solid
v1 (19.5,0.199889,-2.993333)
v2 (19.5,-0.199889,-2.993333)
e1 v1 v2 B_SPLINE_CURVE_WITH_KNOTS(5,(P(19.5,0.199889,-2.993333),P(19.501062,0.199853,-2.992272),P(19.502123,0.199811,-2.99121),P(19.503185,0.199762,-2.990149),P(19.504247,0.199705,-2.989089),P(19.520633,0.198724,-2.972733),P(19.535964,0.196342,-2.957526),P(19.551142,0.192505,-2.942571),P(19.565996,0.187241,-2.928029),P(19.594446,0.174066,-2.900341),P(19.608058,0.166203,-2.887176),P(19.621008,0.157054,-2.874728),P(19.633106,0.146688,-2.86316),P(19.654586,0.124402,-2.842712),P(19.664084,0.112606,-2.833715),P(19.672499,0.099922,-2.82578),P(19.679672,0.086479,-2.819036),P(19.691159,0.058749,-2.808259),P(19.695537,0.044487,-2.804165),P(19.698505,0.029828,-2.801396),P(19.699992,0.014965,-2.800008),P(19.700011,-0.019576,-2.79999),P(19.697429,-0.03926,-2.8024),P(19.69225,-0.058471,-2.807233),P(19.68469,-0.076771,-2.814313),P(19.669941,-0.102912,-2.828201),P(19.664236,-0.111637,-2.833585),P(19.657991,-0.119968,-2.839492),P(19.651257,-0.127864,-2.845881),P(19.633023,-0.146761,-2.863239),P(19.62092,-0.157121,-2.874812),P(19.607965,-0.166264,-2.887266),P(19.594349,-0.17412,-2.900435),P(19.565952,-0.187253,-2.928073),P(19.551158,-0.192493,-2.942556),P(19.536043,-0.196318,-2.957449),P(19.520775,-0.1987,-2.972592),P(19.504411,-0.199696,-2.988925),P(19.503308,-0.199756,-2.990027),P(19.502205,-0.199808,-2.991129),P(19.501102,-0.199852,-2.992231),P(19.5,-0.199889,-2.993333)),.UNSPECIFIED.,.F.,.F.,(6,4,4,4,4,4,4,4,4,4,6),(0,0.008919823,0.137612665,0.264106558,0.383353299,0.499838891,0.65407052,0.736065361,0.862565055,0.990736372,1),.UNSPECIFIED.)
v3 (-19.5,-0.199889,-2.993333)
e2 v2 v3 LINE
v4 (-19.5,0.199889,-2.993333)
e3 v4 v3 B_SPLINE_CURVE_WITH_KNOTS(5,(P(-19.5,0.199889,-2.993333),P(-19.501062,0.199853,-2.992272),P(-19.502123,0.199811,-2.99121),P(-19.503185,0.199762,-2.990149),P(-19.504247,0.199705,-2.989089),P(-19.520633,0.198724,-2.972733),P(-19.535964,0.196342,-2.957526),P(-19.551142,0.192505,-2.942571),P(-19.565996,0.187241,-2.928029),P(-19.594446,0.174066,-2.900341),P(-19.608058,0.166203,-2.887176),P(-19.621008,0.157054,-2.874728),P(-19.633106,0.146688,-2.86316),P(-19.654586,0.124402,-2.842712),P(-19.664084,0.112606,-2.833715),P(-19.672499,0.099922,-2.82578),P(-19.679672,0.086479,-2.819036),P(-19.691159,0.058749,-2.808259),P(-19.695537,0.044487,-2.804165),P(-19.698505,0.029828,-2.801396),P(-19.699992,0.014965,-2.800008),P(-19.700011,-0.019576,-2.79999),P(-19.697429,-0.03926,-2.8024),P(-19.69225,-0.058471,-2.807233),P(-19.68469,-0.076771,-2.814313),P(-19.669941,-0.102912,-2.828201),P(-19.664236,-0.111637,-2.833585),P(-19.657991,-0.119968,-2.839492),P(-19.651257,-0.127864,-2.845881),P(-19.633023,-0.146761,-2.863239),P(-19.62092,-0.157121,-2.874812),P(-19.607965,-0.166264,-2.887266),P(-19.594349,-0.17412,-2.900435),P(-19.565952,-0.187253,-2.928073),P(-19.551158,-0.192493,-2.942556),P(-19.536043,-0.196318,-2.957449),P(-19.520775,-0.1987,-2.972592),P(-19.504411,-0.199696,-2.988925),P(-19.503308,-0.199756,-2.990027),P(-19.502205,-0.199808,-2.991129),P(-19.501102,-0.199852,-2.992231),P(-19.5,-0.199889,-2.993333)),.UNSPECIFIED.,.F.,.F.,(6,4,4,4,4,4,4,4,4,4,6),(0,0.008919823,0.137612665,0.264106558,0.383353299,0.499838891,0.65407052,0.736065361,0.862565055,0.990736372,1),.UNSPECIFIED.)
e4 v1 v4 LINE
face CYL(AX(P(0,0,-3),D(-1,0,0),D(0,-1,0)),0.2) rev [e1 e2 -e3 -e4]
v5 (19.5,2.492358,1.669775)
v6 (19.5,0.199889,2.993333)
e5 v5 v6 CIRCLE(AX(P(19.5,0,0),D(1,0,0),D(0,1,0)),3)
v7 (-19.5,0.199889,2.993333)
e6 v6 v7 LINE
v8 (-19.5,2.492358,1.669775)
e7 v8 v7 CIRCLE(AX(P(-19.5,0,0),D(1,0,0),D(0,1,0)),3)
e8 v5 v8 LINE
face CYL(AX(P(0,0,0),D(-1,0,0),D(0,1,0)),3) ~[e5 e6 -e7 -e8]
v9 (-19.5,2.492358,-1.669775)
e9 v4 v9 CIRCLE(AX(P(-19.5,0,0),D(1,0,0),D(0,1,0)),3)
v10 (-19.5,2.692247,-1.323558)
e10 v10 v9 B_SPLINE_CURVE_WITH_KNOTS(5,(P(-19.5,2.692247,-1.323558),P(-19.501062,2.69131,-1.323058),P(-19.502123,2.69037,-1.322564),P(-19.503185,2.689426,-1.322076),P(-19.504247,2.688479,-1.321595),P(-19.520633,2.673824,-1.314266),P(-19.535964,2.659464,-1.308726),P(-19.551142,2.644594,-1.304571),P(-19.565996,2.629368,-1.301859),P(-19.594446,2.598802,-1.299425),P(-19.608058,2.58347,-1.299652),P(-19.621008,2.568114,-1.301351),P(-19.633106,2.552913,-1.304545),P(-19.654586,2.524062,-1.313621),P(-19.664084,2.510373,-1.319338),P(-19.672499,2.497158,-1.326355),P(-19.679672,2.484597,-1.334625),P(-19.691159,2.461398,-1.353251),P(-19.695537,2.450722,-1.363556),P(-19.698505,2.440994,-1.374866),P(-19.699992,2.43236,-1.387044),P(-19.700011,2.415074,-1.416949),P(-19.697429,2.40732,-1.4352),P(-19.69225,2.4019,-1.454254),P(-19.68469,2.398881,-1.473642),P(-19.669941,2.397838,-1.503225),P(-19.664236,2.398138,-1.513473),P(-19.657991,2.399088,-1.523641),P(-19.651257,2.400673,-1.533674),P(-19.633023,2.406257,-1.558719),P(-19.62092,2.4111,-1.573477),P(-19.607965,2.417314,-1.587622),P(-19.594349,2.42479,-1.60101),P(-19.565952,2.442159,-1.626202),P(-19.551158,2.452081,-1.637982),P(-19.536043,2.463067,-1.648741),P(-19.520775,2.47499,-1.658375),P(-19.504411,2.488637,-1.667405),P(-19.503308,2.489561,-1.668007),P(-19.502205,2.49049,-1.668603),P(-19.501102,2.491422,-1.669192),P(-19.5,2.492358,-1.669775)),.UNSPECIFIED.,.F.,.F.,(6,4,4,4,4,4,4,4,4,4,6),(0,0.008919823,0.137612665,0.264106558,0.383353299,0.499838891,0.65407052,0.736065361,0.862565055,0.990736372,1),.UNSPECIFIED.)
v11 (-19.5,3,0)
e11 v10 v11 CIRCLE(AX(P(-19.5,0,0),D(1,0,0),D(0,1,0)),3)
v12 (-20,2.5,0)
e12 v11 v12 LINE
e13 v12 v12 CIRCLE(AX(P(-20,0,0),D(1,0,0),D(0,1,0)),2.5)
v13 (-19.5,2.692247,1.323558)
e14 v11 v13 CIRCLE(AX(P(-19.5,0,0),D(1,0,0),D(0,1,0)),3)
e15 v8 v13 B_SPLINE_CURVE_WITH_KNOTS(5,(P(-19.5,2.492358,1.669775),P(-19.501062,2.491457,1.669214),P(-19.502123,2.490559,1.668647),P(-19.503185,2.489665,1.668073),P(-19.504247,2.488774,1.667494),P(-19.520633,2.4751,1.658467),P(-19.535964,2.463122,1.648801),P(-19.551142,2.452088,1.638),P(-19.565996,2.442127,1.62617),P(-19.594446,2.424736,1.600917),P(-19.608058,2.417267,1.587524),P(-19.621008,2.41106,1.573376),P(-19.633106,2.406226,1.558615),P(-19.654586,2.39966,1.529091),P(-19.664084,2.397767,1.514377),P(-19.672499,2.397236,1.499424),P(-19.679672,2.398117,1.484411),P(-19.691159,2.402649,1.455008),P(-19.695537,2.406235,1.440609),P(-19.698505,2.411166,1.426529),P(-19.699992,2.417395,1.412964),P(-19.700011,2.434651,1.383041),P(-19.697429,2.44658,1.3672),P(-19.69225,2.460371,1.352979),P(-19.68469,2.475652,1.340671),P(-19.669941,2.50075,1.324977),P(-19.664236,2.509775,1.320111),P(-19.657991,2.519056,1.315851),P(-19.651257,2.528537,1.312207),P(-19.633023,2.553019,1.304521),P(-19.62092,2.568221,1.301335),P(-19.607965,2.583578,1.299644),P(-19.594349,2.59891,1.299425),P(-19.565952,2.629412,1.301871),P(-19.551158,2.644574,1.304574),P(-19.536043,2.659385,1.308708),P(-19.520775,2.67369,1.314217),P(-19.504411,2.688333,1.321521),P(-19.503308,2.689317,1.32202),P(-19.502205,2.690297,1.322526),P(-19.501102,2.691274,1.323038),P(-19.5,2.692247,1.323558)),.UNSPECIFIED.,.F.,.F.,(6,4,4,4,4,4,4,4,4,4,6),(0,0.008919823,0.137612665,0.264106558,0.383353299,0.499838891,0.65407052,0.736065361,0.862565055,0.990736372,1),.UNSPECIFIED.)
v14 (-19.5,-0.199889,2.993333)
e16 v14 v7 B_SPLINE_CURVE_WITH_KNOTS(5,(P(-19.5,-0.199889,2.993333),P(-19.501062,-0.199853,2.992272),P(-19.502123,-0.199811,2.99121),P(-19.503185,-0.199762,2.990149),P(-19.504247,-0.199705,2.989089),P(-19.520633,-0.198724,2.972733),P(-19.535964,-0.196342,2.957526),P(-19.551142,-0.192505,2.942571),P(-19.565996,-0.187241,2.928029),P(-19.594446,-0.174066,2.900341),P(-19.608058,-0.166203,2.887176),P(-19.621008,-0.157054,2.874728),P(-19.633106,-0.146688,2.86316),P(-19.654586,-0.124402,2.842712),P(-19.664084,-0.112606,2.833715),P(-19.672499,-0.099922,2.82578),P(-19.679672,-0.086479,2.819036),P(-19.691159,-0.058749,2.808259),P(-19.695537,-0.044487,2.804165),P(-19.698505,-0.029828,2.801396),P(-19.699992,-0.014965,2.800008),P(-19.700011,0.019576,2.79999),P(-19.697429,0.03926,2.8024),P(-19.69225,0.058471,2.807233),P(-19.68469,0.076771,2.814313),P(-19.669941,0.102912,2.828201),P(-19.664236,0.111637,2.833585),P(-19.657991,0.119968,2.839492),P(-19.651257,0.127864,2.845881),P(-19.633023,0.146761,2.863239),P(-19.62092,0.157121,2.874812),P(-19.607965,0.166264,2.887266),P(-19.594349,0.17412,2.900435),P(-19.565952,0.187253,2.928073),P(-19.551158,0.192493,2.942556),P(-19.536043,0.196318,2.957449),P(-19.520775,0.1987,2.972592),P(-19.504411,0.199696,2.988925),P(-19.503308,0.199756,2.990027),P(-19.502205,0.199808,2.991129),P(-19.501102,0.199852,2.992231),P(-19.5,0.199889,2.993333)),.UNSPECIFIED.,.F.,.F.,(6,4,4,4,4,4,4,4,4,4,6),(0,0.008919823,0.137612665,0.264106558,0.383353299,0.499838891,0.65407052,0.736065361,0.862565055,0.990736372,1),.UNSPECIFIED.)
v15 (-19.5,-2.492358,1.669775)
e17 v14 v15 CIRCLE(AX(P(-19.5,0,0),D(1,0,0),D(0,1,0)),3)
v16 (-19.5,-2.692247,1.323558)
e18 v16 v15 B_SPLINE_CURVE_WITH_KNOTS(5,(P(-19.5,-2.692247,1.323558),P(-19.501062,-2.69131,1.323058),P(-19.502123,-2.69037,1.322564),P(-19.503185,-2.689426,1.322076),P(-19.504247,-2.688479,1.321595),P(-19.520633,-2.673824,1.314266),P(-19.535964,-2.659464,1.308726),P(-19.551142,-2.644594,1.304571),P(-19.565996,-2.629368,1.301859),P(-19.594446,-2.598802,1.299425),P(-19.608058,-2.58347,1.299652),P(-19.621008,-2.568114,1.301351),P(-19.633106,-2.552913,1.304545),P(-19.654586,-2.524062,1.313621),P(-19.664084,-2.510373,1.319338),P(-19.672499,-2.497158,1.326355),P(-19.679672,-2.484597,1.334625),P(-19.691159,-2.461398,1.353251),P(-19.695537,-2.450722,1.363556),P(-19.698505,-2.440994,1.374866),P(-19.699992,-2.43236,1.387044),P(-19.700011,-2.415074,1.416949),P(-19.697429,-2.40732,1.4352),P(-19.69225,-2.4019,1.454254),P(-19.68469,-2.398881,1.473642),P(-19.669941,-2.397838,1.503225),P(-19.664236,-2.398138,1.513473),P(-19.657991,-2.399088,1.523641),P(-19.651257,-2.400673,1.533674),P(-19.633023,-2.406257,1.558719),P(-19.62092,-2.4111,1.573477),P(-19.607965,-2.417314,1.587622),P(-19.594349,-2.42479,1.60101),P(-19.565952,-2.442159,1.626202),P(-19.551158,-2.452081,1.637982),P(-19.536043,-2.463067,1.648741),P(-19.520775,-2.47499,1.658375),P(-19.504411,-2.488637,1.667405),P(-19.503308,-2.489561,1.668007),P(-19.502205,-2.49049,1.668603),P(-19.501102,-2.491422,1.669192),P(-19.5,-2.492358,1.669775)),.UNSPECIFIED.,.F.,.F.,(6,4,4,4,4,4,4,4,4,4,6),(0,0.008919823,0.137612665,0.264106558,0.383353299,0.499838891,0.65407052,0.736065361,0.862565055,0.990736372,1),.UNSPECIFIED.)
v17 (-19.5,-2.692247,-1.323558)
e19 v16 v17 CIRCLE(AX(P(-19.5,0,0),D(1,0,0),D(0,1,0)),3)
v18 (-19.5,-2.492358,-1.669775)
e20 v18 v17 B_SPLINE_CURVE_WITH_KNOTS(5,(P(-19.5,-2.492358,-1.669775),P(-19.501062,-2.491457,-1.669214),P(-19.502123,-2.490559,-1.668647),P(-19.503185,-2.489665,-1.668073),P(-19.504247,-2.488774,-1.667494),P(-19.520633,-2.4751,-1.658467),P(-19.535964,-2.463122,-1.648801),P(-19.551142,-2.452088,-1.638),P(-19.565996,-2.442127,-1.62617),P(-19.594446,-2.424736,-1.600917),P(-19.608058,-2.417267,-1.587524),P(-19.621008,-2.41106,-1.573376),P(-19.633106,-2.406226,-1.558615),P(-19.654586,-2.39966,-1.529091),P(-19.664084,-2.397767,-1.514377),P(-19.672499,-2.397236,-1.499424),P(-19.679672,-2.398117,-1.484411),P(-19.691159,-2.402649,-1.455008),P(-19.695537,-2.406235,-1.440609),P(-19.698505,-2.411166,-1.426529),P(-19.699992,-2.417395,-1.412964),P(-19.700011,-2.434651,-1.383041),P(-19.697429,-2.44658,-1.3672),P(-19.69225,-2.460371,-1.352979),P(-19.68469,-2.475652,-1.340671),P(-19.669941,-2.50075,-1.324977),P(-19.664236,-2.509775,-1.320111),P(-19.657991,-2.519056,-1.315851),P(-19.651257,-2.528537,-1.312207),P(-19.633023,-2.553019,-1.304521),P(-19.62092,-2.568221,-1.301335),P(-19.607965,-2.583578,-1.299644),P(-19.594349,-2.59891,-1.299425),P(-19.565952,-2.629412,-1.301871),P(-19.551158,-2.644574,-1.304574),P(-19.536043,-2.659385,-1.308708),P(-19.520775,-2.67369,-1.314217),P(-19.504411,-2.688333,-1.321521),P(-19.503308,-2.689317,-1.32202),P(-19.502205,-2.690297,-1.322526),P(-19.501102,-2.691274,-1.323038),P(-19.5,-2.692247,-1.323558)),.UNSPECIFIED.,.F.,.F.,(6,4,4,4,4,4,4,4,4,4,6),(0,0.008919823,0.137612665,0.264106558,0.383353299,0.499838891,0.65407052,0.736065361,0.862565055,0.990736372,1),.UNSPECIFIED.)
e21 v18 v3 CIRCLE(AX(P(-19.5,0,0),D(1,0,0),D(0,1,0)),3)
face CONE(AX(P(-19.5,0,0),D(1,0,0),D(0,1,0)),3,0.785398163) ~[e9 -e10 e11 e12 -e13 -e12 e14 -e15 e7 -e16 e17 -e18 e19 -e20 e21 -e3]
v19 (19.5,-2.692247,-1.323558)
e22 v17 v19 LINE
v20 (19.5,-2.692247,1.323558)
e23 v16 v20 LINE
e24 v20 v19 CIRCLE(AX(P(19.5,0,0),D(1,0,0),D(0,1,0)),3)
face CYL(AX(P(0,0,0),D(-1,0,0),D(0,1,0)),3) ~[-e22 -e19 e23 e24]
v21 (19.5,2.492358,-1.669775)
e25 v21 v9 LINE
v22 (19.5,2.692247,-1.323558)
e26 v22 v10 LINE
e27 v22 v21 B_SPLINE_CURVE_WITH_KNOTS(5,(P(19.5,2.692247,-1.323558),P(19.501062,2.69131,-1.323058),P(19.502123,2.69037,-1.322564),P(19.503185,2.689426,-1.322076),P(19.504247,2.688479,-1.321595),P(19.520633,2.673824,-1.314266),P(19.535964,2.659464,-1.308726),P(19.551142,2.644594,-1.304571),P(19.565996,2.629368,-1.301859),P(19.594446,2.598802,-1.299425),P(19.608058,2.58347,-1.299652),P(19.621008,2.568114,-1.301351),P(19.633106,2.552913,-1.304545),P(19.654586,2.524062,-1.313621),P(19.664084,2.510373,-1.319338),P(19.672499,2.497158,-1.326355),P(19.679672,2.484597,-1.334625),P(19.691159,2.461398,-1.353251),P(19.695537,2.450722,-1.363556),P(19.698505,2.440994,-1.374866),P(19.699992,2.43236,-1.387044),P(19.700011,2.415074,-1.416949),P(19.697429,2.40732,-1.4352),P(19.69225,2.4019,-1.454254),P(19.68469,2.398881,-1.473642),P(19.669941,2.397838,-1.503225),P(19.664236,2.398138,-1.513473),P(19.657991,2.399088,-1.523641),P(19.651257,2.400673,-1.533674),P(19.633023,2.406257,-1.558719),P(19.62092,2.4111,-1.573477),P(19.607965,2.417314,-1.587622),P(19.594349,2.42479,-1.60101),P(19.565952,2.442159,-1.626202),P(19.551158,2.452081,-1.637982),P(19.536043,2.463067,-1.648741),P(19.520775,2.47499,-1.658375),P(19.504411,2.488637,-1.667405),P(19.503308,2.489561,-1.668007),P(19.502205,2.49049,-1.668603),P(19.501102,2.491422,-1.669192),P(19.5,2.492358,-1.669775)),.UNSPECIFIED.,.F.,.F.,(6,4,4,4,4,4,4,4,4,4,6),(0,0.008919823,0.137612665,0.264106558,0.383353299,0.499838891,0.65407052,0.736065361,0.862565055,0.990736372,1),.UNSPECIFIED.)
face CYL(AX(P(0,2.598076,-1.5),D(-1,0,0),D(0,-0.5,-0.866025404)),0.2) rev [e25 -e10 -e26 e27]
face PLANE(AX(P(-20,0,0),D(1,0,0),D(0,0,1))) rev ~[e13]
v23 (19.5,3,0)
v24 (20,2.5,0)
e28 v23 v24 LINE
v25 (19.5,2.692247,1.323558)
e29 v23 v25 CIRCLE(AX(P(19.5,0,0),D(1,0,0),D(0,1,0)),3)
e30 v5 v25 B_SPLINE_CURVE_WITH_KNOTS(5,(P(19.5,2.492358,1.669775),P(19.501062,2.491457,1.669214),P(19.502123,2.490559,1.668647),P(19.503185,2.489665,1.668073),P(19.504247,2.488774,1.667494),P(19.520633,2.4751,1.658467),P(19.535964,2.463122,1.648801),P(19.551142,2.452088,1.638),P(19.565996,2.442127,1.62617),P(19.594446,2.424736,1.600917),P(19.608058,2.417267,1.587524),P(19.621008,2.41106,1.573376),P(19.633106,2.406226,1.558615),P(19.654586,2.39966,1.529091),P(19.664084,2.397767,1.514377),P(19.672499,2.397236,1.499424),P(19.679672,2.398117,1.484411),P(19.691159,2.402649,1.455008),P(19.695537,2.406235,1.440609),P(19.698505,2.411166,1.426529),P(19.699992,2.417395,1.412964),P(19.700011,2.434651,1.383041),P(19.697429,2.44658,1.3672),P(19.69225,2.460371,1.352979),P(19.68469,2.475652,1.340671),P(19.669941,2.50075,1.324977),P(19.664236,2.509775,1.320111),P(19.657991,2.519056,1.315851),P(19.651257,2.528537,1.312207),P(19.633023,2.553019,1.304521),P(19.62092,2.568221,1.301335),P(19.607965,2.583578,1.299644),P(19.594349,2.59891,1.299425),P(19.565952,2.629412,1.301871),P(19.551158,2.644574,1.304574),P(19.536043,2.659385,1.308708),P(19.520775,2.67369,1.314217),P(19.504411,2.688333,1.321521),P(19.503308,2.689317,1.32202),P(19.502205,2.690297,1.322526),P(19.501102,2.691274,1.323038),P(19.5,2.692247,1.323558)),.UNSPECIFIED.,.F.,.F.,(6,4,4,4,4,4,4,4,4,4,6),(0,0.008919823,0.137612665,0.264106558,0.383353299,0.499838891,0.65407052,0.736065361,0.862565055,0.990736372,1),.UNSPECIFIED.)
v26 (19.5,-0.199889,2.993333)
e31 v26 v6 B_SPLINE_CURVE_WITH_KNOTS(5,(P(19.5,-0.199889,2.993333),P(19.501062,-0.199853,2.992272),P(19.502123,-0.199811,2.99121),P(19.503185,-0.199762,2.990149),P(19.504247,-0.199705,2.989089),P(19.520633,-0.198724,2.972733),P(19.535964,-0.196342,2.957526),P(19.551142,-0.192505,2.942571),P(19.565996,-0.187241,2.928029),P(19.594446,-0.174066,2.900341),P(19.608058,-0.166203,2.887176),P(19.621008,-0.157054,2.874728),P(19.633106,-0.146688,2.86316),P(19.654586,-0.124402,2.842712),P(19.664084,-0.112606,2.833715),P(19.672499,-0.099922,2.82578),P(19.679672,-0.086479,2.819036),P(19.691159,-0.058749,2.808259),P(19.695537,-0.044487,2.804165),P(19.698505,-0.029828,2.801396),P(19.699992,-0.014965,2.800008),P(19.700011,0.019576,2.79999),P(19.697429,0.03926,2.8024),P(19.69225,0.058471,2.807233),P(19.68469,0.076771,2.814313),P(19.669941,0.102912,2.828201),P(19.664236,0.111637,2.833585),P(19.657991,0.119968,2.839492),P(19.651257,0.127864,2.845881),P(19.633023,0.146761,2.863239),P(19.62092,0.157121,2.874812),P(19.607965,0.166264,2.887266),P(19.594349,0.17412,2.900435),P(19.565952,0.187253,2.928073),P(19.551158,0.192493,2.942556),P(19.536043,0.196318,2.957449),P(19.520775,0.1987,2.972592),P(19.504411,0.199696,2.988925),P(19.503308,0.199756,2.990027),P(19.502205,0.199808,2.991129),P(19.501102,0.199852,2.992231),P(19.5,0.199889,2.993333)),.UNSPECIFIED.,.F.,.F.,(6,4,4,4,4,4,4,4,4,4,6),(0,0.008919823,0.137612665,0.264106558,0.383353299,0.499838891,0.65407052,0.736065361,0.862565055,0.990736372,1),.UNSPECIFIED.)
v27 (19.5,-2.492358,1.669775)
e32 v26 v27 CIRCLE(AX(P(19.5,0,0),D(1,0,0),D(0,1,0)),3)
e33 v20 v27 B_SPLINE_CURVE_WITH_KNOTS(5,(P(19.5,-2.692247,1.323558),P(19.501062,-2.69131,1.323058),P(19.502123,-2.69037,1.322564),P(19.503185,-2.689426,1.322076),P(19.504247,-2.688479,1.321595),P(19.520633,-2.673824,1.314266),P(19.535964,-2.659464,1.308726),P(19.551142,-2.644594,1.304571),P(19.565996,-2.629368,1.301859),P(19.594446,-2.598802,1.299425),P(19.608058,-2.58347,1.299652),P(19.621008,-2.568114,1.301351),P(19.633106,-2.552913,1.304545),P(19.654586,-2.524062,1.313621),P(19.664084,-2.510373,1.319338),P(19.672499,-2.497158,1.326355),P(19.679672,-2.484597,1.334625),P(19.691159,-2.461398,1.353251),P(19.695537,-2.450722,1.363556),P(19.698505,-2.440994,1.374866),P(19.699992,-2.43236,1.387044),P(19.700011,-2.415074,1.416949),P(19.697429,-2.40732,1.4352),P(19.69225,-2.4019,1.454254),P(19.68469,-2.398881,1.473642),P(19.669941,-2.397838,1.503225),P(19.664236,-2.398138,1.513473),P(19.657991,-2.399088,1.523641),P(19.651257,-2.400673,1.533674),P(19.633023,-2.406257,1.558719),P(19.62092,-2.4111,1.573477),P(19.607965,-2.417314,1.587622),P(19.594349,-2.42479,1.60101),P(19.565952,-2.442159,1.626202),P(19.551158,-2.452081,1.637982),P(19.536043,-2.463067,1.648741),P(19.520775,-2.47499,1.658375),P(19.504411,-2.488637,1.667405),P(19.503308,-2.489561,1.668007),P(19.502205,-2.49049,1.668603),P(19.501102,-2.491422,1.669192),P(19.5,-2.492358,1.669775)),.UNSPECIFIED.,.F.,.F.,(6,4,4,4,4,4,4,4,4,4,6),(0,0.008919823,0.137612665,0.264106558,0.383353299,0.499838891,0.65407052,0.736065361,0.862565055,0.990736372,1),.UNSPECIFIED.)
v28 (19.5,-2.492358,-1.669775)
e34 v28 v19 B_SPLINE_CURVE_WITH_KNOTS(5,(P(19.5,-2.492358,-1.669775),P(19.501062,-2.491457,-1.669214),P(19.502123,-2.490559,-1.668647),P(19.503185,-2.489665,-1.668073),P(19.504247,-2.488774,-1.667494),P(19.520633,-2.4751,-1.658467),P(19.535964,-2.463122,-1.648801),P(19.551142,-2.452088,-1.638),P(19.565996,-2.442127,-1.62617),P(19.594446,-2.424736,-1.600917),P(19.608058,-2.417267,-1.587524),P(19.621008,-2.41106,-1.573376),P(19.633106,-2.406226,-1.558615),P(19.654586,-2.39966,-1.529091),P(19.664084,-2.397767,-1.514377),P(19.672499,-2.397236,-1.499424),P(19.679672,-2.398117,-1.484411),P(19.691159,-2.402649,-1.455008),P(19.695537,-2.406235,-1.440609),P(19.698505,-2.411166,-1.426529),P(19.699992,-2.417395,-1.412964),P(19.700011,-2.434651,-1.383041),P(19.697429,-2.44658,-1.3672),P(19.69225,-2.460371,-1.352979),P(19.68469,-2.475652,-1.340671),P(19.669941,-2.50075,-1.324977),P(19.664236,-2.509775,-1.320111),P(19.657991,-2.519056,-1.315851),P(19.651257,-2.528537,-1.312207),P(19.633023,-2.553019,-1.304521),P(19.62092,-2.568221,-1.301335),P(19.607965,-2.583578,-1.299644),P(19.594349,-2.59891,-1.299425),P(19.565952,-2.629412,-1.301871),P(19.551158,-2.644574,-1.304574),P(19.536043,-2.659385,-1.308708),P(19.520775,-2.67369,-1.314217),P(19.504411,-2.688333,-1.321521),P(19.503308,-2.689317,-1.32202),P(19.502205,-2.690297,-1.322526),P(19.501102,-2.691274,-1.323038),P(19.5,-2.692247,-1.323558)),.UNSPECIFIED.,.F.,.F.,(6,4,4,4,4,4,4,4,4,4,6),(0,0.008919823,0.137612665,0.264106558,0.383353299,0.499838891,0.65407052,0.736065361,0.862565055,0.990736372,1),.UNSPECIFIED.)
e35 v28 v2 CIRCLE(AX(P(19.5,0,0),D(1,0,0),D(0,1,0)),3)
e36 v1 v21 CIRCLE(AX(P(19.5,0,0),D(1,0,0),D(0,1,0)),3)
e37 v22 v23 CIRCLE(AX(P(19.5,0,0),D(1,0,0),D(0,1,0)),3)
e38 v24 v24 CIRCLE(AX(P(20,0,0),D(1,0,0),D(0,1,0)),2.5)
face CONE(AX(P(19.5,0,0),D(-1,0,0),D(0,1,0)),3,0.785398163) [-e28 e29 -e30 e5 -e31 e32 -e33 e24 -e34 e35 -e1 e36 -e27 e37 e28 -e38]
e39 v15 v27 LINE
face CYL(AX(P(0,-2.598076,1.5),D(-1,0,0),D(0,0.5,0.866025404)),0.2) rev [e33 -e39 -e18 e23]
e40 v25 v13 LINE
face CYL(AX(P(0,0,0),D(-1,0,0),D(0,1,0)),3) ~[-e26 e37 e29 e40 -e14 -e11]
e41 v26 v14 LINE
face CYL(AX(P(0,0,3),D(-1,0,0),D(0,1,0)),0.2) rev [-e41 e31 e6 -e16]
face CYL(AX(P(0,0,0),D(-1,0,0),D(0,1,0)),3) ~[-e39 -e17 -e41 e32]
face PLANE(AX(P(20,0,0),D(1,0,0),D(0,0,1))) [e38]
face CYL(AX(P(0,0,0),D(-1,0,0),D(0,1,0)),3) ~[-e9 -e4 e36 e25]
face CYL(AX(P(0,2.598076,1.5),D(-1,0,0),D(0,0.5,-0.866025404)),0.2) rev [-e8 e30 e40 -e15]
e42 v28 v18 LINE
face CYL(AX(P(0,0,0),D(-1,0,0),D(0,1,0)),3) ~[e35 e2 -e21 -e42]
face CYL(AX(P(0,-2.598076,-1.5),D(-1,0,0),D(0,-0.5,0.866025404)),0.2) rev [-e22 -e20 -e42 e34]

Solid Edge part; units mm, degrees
sketch "Sketch1" plane through (0, 0, 0) normal (1, 0, 0) x (0, 1, 0)
  circle A0 centre (0, 0) radius 3
extrude "Protrusion1" add sketch "Sketch1" along normal mid plane 40
chamfer "Chamfer_1" distance 0.5 angle 45 2 edges at (20, -3, 0) (-20, -3, 0)
sketch "Sketch2" plane through (0, 0, 0) normal (1, 0, 0) x (0, 1, 0)
  circle A0 centre (0, 3) radius 0.2
extrude "ExtrudedCutout_1" cut sketch "Sketch2" along normal mid plane 49.1824
pattern_circular "Pattern1" count 6 over 360 about axis through (0, 0, 0) along (-1, 0, 0) of "ExtrudedCutout_1"
